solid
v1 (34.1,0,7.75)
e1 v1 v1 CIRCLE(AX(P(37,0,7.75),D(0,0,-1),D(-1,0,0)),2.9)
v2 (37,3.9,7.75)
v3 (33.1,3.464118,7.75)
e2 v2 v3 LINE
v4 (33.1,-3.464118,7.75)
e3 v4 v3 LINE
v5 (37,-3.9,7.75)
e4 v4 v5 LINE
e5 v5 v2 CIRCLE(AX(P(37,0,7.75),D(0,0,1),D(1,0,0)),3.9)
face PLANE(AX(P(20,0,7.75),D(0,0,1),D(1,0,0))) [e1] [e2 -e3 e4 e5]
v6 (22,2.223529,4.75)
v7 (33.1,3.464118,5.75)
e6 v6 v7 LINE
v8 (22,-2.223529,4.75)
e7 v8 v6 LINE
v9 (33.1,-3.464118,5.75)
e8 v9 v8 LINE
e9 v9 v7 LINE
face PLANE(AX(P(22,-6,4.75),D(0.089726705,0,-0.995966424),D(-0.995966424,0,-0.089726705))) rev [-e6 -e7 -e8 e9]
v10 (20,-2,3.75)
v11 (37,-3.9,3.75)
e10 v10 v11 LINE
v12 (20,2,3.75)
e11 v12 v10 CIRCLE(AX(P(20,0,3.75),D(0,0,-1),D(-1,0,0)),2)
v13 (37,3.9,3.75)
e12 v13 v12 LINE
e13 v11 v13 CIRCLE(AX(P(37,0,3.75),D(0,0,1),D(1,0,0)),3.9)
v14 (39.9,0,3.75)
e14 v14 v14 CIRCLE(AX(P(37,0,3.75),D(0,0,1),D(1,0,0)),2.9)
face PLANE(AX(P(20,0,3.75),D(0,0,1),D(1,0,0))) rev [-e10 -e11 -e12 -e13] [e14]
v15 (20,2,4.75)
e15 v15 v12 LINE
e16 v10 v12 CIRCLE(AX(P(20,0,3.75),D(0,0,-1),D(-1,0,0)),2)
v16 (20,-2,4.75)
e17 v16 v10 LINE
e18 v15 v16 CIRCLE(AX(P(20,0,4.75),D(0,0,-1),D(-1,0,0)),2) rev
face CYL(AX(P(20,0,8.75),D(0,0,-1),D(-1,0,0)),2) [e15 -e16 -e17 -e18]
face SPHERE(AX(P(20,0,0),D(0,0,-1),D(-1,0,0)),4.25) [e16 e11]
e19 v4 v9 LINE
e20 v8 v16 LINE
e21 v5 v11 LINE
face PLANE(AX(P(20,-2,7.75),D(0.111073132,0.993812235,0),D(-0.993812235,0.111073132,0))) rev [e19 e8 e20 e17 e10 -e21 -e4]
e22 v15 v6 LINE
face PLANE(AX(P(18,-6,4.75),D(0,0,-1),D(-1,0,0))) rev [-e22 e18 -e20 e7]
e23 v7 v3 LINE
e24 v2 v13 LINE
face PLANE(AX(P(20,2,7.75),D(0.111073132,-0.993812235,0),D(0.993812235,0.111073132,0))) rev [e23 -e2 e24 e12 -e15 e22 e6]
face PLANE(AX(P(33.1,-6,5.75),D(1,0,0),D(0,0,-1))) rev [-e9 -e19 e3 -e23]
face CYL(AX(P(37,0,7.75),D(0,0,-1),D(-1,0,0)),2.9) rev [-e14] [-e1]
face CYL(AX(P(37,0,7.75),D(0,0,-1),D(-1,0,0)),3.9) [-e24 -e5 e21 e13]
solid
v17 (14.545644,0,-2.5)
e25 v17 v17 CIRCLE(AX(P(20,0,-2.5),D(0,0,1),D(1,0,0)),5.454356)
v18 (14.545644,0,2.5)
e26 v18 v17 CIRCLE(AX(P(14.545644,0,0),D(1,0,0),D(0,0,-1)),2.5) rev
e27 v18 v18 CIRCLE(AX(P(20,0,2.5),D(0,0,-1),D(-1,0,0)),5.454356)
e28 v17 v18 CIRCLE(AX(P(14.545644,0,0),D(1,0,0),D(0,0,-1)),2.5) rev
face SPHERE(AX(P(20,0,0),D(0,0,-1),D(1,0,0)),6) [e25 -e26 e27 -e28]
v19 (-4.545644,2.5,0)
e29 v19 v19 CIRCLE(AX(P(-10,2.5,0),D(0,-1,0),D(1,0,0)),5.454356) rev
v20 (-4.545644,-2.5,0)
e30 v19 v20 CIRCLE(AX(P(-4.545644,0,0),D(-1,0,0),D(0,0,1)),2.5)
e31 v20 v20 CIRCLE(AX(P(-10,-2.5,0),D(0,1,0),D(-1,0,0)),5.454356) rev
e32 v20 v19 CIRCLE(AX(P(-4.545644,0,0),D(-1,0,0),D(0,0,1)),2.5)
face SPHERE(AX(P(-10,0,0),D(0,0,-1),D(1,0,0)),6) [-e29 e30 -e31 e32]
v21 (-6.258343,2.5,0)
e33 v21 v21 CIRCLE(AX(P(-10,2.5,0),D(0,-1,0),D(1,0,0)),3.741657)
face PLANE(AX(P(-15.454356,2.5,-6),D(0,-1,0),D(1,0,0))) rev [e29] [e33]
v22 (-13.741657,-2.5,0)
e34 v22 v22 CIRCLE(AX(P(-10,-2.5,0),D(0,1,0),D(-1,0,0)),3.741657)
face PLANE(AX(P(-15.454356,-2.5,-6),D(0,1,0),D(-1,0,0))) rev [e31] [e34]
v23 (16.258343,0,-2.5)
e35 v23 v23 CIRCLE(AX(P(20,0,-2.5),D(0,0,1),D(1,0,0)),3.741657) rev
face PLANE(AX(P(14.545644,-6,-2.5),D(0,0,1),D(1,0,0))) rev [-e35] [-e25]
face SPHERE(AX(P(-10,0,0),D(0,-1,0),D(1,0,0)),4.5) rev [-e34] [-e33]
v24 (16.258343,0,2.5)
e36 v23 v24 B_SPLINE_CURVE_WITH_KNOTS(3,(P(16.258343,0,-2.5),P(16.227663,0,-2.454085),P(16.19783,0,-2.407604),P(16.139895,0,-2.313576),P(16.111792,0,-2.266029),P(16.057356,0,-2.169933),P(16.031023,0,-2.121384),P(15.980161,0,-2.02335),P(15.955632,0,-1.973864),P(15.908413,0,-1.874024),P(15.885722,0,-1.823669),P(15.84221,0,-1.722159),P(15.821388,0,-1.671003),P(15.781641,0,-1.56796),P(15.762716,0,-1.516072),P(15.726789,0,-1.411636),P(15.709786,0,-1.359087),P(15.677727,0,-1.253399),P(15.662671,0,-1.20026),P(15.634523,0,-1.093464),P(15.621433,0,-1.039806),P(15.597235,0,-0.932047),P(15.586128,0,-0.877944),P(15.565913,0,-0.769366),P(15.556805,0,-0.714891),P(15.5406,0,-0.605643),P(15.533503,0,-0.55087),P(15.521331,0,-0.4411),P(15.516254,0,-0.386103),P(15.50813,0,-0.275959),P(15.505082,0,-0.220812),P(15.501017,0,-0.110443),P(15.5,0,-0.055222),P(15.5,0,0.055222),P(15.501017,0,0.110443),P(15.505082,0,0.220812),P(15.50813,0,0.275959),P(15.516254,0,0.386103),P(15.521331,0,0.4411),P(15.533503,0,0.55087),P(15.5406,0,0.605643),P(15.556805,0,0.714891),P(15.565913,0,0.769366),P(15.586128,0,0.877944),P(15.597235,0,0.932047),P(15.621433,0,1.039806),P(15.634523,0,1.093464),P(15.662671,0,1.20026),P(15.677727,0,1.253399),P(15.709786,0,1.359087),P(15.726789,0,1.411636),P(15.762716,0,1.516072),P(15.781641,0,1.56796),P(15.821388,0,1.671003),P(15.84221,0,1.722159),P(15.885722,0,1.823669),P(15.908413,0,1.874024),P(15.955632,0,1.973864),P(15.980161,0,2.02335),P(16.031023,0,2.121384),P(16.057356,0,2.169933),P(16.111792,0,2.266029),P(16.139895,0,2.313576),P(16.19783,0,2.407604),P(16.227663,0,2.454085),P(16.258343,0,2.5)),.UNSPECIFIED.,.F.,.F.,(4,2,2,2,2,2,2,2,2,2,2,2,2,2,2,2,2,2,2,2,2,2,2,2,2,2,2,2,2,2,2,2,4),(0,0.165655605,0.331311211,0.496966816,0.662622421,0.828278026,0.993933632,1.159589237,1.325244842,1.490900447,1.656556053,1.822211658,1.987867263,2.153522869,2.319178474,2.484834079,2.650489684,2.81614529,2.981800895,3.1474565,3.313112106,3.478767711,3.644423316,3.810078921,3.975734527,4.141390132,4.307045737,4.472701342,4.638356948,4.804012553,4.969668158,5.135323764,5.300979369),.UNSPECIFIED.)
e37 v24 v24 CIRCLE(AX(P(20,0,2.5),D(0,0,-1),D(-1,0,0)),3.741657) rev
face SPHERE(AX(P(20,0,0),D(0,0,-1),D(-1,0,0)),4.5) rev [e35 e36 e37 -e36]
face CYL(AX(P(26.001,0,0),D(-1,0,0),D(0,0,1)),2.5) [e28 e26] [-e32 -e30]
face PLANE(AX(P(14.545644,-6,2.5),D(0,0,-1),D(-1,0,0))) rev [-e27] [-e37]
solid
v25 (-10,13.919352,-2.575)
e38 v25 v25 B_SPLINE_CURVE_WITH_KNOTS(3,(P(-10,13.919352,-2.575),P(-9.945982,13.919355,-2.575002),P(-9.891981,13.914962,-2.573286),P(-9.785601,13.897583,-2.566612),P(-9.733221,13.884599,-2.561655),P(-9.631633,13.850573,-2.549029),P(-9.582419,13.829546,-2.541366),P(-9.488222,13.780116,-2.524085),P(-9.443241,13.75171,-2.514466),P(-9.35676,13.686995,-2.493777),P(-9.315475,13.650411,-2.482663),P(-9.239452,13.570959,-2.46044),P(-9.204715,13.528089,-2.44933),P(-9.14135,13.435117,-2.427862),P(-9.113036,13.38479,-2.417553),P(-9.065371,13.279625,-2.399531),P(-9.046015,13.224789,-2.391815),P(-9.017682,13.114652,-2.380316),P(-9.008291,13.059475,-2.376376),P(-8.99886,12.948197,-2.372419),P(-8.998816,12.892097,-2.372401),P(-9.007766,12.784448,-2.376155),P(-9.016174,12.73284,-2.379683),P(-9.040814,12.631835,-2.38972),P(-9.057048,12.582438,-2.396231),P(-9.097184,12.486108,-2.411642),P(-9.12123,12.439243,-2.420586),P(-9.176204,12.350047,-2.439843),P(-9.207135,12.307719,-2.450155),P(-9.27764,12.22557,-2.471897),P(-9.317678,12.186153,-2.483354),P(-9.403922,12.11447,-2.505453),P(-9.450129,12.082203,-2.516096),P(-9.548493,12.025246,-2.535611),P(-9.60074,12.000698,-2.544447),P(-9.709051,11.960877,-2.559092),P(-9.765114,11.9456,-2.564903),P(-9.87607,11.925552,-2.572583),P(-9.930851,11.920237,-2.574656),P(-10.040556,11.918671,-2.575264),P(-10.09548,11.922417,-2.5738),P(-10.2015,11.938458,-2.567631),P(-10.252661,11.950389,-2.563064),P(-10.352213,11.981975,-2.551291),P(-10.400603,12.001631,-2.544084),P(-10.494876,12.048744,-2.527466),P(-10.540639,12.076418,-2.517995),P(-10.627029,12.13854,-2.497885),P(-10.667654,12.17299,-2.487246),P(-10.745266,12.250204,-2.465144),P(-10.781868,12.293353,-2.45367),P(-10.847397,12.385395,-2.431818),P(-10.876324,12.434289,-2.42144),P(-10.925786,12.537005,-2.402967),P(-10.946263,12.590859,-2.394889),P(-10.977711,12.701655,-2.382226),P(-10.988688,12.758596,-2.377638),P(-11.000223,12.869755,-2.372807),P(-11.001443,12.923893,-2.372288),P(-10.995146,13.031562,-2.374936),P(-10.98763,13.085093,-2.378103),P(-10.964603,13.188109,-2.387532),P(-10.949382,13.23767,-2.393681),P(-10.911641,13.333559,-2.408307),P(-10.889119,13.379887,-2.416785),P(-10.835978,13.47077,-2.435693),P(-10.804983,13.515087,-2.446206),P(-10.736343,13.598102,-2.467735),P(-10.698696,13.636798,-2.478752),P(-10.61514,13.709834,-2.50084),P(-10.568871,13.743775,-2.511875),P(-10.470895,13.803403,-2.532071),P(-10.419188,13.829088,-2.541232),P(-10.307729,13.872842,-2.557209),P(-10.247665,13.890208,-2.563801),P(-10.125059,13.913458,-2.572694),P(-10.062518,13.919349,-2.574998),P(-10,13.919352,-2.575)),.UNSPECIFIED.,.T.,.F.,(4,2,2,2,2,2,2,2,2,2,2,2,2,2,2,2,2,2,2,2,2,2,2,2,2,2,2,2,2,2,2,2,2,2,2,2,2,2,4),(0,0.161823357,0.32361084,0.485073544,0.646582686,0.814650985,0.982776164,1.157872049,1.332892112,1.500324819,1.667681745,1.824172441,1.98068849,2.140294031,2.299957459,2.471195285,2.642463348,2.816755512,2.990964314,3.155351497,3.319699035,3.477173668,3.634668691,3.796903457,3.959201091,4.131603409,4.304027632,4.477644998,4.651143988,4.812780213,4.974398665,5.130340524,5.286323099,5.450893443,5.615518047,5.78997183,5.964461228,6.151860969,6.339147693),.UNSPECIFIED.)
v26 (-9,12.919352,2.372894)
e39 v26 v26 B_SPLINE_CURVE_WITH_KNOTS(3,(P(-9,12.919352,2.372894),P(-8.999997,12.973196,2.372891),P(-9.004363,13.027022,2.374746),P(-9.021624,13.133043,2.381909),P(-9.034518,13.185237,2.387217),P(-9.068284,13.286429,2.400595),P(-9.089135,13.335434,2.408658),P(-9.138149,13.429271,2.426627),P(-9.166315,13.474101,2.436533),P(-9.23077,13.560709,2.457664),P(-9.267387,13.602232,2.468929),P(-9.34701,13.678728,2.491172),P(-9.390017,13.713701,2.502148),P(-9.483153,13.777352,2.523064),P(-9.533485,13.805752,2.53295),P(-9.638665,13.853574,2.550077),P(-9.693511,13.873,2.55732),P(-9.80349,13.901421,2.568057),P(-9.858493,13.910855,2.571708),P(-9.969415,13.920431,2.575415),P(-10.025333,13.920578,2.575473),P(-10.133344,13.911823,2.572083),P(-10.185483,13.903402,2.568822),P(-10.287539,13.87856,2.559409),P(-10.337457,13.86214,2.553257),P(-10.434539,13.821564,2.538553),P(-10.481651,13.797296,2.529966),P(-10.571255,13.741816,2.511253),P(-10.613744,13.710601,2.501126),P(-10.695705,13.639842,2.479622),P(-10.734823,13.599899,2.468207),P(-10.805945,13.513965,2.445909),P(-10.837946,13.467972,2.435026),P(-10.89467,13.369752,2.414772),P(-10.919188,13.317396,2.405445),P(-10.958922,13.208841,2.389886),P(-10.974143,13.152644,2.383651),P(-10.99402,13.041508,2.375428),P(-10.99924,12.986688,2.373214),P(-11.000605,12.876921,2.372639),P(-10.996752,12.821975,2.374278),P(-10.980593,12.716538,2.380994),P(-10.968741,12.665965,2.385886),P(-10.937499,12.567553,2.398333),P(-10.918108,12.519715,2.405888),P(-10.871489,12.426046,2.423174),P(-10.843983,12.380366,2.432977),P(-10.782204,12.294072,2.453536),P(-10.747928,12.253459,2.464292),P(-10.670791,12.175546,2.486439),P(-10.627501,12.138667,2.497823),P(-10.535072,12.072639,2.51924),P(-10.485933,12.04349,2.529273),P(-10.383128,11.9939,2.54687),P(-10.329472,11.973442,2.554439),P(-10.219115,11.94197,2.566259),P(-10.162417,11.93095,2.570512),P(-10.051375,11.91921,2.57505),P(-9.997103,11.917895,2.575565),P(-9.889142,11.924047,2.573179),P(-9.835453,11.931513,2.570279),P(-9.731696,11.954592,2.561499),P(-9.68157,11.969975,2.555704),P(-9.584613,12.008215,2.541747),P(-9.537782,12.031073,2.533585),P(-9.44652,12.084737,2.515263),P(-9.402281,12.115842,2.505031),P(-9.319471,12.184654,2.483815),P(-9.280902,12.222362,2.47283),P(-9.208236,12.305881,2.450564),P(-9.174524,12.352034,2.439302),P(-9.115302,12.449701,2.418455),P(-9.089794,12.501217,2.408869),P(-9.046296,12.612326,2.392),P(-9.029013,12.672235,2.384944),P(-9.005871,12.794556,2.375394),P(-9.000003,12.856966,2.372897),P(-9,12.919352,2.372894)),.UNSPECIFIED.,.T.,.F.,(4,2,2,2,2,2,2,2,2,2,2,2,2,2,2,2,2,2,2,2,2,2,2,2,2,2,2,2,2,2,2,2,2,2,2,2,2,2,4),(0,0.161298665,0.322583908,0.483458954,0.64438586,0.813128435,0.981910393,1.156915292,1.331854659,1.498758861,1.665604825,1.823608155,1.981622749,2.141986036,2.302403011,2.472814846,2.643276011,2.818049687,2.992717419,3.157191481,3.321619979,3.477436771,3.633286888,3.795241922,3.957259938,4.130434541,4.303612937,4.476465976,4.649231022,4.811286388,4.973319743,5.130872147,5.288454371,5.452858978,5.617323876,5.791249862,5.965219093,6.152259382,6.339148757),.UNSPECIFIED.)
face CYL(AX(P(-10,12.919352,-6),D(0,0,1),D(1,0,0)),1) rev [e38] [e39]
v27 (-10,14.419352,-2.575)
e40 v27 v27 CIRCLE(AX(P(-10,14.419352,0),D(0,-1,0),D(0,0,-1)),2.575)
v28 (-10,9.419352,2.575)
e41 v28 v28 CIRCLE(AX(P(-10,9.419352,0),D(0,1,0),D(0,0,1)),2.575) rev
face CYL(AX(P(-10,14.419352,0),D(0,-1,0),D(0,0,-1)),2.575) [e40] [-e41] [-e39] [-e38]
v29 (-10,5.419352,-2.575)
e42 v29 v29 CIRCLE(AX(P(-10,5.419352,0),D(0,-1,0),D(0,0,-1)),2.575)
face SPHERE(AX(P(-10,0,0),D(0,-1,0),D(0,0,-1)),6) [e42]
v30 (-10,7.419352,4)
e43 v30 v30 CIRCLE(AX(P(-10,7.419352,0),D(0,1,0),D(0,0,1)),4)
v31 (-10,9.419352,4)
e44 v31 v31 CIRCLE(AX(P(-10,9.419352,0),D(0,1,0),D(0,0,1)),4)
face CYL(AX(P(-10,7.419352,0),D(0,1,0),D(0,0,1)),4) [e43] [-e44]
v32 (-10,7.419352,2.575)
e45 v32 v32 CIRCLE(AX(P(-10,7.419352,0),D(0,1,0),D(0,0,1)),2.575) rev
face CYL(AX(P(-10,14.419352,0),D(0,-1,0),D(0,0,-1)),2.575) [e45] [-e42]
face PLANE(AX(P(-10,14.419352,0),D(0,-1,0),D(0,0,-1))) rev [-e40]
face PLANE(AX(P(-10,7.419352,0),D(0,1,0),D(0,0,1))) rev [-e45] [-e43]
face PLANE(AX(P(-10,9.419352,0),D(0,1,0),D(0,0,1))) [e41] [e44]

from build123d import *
from build123d.topology import SkipClean

# Parameters (mm, degrees)
BOSS_EXTRUDE1_START     = -4.545644
SKETCH4_R               = 2.5
BOSS_EXTRUDE1_DEPTH     = 19.091288
CUT_EXTRUDE1_DEPTH      = 28.349588662
CUT_EXTRUDE1_DEPTH_BACK = 28.349588662
SKETCH5_W               = 10.908712114
SKETCH5_H               = 5.248275299
CUT_EXTRUDE2_DEPTH      = 28.349588662
CUT_EXTRUDE2_DEPTH_BACK = 28.349588662
SKETCH6_W               = 10.908712114
SKETCH6_H               = 5.959766694
BOSS_EXTRUDE2_START     = 8.75
SKETCH11_R              = 2
BOSS_EXTRUDE2_DEPTH     = 5
BOSS_EXTRUDE3_START     = 14.419352
SKETCH13_R              = 2.575
BOSS_EXTRUDE3_DEPTH     = 9
BOSS_EXTRUDE6_START     = -5
BOSS_EXTRUDE6_DEPTH     = 4
CUT_EXTRUDE3_DEPTH      = 45.241272722
CUT_EXTRUDE3_DEPTH_BACK = 45.241272722
CUT_EXTRUDE4_DEPTH      = 45.449861778
CUT_EXTRUDE4_DEPTH_BACK = 45.449861778
SKETCH19_R              = 2.9
BOSS_EXTRUDE7_START     = -5
SKETCH20_R              = 4
BOSS_EXTRUDE7_DEPTH     = 2
CUT_EXTRUDE6_DEPTH      = 45.054400599
CUT_EXTRUDE6_DEPTH_BACK = 45.054400599
SKETCH21_R              = 1


with BuildPart() as part:
    # Sketch2 → Revolve1 (revolve)
    with BuildSketch(Plane(origin=(0, 0, 0), x_dir=(1, 0, 0), z_dir=(0, 1, 0))):
        with BuildLine():
            Line((20, 6), (20, 4.5))
            ThreePointArc((20, 4.5), (24.5, 0), (20, -4.5))
            Line((20, -4.5), (20, -6))
            ThreePointArc((20, -6), (26, 0), (20, 6))
        make_face()
    revolve(axis=Axis((20, 0, -6), (0, 0, 1)))



with BuildPart() as body_2:
    # Sketch3 → Revolve2 (revolve)
    with BuildSketch(Plane(origin=(0, 0, 0), x_dir=(1, 0, 0), z_dir=(0, 1, 0))):
        with BuildLine():
            Line((-10, 6), (-10, 4.5))
            ThreePointArc((-10, 4.5), (-14.5, 0), (-10, -4.5))
            Line((-10, -4.5), (-10, -6))
            ThreePointArc((-10, -6), (-16, 0), (-10, 6))
        make_face()
    revolve(axis=Axis((-10, 0, -6), (0, 0, 1)))


with BuildPart() as part_1:
    add(part.part)

    add(body_2.part)  # Boss-Extrude1 merges body 2
    # Sketch4 → Boss-Extrude1 (add)
    with BuildSketch(Plane(origin=(0, 0, 0), x_dir=(0, 0, -1), z_dir=(1, 0, 0)).offset(BOSS_EXTRUDE1_START)):
        with Locations(Location((0, 0, 0), (0, 0, 180))):
            Circle(SKETCH4_R)
    extrude(amount=BOSS_EXTRUDE1_DEPTH)

    # Sketch5 → Cut-Extrude1 (cut, two sides: drawn at the far end of the back side and taken through both)
    with SkipClean():  # the faces are left unmerged after this step: merging them gives an invalid solid
        with BuildSketch(Plane.XY.offset(-CUT_EXTRUDE1_DEPTH_BACK)):
            with Locations((-10, 5.124137649)):
                Rectangle(SKETCH5_W, SKETCH5_H)
            with Locations((-10, -5.124137649)):
                Rectangle(SKETCH5_W, SKETCH5_H)
        extrude(amount=CUT_EXTRUDE1_DEPTH + CUT_EXTRUDE1_DEPTH_BACK, mode=Mode.SUBTRACT)

    # Sketch6 → Cut-Extrude2 (cut, two sides: drawn at the far end of the back side and taken through both)
    with SkipClean():  # the faces are left unmerged after this step: merging them gives an invalid solid
        with BuildSketch(Plane(origin=(0, 0, 0), x_dir=(1, 0, 0), z_dir=(0, 1, 0)).offset(-CUT_EXTRUDE2_DEPTH_BACK)):
            with Locations((20, 5.479883347)):
                Rectangle(SKETCH6_W, SKETCH6_H)
            with Locations((20, -5.479883347)):
                Rectangle(SKETCH6_W, SKETCH6_H)
        extrude(amount=CUT_EXTRUDE2_DEPTH + CUT_EXTRUDE2_DEPTH_BACK, mode=Mode.SUBTRACT)


with BuildPart() as body_2_2:
    # Sketch10 → Revolve3 (revolve)
    with BuildSketch(Plane.XY):
        with BuildLine():
            Line((20, 4.25), (20, -4.25))
            ThreePointArc((20, -4.25), (24.25, 0), (20, 4.25))
        make_face()
    revolve(axis=Axis((20, 4.25, 0), (0, -1, 0)))

    # Sketch11 → Boss-Extrude2 (add)
    with BuildSketch(Plane.XY.offset(BOSS_EXTRUDE2_START)):
        with Locations(Location((20, 0, 0), (0, 0, 180))):
            Circle(SKETCH11_R)
    extrude(amount=-BOSS_EXTRUDE2_DEPTH)

    # Sketch16 → Boss-Extrude6 (add)
    with BuildSketch(Plane.XY.offset(8.75).offset(BOSS_EXTRUDE6_START)):
        with BuildLine():
            Line((20, 2), (37, 3.9))
            ThreePointArc((37, 3.9), (40.9, 0), (37, -3.9))
            Line((37, -3.9), (20, -2))
            ThreePointArc((20, -2), (18, 0), (20, 2))
        make_face()
    extrude(amount=BOSS_EXTRUDE6_DEPTH)

    # Sketch18 → Cut-Extrude3 (cut, two sides: drawn at the far end of the back side and taken through both)
    with BuildSketch(Plane(origin=(0, 0, 0), x_dir=(1, 0, 0), z_dir=(0, 1, 0)).offset(-CUT_EXTRUDE3_DEPTH_BACK)):
        Polygon((18, -8.75), (33.1, -8.75), (33.1, -5.75), (22, -4.75), (18, -4.75), align=None)
    extrude(amount=CUT_EXTRUDE3_DEPTH + CUT_EXTRUDE3_DEPTH_BACK, mode=Mode.SUBTRACT)

    # Sketch19 → Cut-Extrude4 (cut, two sides: drawn at the far end of the back side and taken through both)
    with BuildSketch(Plane(origin=(0, 0, 3.75), x_dir=(-1, 0, 0), z_dir=(0, 0, -1)).offset(-CUT_EXTRUDE4_DEPTH_BACK)):
        with Locations((-37, 0)):
            Circle(SKETCH19_R)
    extrude(amount=CUT_EXTRUDE4_DEPTH + CUT_EXTRUDE4_DEPTH_BACK, mode=Mode.SUBTRACT)


with BuildPart() as body_3:
    # Sketch12 → Revolve4 (revolve)
    with BuildSketch(Plane(origin=(0, 0, 0), x_dir=(1, 0, 0), z_dir=(0, 1, 0))):
        with BuildLine():
            Line((-10, 6), (-10, -6))
            ThreePointArc((-10, -6), (-4, 0), (-10, 6))
        make_face()
    revolve(axis=Axis((-10, 0, -6), (0, 0, 1)))

    # Sketch13 → Boss-Extrude3 (add)
    with BuildSketch(Plane(origin=(0, 0, 0), x_dir=(1, 0, 0), z_dir=(0, 1, 0)).offset(BOSS_EXTRUDE3_START)):
        with Locations(Location((-10, 0, 0), (0, 0, 90))):
            Circle(SKETCH13_R)
    extrude(amount=-BOSS_EXTRUDE3_DEPTH)

    # Sketch20 → Boss-Extrude7 (add)
    with BuildSketch(Plane(origin=(0, 14.419351899, 0), x_dir=(1, 0, 0), z_dir=(0, 1, 0)).offset(BOSS_EXTRUDE7_START)):
        with Locations(Location((-10, 0, 0), (0, 0, 270))):
            Circle(SKETCH20_R)
    extrude(amount=-BOSS_EXTRUDE7_DEPTH)

    # Sketch21 → Cut-Extrude6 (cut, two sides: drawn at the far end of the back side and taken through both)
    with BuildSketch(Plane.XY.offset(-CUT_EXTRUDE6_DEPTH_BACK)):
        with Locations((-10, 12.919351899)):
            Circle(SKETCH21_R)
    extrude(amount=CUT_EXTRUDE6_DEPTH + CUT_EXTRUDE6_DEPTH_BACK, mode=Mode.SUBTRACT)


solid = Compound([part_1.part, body_2_2.part, body_3.part])
